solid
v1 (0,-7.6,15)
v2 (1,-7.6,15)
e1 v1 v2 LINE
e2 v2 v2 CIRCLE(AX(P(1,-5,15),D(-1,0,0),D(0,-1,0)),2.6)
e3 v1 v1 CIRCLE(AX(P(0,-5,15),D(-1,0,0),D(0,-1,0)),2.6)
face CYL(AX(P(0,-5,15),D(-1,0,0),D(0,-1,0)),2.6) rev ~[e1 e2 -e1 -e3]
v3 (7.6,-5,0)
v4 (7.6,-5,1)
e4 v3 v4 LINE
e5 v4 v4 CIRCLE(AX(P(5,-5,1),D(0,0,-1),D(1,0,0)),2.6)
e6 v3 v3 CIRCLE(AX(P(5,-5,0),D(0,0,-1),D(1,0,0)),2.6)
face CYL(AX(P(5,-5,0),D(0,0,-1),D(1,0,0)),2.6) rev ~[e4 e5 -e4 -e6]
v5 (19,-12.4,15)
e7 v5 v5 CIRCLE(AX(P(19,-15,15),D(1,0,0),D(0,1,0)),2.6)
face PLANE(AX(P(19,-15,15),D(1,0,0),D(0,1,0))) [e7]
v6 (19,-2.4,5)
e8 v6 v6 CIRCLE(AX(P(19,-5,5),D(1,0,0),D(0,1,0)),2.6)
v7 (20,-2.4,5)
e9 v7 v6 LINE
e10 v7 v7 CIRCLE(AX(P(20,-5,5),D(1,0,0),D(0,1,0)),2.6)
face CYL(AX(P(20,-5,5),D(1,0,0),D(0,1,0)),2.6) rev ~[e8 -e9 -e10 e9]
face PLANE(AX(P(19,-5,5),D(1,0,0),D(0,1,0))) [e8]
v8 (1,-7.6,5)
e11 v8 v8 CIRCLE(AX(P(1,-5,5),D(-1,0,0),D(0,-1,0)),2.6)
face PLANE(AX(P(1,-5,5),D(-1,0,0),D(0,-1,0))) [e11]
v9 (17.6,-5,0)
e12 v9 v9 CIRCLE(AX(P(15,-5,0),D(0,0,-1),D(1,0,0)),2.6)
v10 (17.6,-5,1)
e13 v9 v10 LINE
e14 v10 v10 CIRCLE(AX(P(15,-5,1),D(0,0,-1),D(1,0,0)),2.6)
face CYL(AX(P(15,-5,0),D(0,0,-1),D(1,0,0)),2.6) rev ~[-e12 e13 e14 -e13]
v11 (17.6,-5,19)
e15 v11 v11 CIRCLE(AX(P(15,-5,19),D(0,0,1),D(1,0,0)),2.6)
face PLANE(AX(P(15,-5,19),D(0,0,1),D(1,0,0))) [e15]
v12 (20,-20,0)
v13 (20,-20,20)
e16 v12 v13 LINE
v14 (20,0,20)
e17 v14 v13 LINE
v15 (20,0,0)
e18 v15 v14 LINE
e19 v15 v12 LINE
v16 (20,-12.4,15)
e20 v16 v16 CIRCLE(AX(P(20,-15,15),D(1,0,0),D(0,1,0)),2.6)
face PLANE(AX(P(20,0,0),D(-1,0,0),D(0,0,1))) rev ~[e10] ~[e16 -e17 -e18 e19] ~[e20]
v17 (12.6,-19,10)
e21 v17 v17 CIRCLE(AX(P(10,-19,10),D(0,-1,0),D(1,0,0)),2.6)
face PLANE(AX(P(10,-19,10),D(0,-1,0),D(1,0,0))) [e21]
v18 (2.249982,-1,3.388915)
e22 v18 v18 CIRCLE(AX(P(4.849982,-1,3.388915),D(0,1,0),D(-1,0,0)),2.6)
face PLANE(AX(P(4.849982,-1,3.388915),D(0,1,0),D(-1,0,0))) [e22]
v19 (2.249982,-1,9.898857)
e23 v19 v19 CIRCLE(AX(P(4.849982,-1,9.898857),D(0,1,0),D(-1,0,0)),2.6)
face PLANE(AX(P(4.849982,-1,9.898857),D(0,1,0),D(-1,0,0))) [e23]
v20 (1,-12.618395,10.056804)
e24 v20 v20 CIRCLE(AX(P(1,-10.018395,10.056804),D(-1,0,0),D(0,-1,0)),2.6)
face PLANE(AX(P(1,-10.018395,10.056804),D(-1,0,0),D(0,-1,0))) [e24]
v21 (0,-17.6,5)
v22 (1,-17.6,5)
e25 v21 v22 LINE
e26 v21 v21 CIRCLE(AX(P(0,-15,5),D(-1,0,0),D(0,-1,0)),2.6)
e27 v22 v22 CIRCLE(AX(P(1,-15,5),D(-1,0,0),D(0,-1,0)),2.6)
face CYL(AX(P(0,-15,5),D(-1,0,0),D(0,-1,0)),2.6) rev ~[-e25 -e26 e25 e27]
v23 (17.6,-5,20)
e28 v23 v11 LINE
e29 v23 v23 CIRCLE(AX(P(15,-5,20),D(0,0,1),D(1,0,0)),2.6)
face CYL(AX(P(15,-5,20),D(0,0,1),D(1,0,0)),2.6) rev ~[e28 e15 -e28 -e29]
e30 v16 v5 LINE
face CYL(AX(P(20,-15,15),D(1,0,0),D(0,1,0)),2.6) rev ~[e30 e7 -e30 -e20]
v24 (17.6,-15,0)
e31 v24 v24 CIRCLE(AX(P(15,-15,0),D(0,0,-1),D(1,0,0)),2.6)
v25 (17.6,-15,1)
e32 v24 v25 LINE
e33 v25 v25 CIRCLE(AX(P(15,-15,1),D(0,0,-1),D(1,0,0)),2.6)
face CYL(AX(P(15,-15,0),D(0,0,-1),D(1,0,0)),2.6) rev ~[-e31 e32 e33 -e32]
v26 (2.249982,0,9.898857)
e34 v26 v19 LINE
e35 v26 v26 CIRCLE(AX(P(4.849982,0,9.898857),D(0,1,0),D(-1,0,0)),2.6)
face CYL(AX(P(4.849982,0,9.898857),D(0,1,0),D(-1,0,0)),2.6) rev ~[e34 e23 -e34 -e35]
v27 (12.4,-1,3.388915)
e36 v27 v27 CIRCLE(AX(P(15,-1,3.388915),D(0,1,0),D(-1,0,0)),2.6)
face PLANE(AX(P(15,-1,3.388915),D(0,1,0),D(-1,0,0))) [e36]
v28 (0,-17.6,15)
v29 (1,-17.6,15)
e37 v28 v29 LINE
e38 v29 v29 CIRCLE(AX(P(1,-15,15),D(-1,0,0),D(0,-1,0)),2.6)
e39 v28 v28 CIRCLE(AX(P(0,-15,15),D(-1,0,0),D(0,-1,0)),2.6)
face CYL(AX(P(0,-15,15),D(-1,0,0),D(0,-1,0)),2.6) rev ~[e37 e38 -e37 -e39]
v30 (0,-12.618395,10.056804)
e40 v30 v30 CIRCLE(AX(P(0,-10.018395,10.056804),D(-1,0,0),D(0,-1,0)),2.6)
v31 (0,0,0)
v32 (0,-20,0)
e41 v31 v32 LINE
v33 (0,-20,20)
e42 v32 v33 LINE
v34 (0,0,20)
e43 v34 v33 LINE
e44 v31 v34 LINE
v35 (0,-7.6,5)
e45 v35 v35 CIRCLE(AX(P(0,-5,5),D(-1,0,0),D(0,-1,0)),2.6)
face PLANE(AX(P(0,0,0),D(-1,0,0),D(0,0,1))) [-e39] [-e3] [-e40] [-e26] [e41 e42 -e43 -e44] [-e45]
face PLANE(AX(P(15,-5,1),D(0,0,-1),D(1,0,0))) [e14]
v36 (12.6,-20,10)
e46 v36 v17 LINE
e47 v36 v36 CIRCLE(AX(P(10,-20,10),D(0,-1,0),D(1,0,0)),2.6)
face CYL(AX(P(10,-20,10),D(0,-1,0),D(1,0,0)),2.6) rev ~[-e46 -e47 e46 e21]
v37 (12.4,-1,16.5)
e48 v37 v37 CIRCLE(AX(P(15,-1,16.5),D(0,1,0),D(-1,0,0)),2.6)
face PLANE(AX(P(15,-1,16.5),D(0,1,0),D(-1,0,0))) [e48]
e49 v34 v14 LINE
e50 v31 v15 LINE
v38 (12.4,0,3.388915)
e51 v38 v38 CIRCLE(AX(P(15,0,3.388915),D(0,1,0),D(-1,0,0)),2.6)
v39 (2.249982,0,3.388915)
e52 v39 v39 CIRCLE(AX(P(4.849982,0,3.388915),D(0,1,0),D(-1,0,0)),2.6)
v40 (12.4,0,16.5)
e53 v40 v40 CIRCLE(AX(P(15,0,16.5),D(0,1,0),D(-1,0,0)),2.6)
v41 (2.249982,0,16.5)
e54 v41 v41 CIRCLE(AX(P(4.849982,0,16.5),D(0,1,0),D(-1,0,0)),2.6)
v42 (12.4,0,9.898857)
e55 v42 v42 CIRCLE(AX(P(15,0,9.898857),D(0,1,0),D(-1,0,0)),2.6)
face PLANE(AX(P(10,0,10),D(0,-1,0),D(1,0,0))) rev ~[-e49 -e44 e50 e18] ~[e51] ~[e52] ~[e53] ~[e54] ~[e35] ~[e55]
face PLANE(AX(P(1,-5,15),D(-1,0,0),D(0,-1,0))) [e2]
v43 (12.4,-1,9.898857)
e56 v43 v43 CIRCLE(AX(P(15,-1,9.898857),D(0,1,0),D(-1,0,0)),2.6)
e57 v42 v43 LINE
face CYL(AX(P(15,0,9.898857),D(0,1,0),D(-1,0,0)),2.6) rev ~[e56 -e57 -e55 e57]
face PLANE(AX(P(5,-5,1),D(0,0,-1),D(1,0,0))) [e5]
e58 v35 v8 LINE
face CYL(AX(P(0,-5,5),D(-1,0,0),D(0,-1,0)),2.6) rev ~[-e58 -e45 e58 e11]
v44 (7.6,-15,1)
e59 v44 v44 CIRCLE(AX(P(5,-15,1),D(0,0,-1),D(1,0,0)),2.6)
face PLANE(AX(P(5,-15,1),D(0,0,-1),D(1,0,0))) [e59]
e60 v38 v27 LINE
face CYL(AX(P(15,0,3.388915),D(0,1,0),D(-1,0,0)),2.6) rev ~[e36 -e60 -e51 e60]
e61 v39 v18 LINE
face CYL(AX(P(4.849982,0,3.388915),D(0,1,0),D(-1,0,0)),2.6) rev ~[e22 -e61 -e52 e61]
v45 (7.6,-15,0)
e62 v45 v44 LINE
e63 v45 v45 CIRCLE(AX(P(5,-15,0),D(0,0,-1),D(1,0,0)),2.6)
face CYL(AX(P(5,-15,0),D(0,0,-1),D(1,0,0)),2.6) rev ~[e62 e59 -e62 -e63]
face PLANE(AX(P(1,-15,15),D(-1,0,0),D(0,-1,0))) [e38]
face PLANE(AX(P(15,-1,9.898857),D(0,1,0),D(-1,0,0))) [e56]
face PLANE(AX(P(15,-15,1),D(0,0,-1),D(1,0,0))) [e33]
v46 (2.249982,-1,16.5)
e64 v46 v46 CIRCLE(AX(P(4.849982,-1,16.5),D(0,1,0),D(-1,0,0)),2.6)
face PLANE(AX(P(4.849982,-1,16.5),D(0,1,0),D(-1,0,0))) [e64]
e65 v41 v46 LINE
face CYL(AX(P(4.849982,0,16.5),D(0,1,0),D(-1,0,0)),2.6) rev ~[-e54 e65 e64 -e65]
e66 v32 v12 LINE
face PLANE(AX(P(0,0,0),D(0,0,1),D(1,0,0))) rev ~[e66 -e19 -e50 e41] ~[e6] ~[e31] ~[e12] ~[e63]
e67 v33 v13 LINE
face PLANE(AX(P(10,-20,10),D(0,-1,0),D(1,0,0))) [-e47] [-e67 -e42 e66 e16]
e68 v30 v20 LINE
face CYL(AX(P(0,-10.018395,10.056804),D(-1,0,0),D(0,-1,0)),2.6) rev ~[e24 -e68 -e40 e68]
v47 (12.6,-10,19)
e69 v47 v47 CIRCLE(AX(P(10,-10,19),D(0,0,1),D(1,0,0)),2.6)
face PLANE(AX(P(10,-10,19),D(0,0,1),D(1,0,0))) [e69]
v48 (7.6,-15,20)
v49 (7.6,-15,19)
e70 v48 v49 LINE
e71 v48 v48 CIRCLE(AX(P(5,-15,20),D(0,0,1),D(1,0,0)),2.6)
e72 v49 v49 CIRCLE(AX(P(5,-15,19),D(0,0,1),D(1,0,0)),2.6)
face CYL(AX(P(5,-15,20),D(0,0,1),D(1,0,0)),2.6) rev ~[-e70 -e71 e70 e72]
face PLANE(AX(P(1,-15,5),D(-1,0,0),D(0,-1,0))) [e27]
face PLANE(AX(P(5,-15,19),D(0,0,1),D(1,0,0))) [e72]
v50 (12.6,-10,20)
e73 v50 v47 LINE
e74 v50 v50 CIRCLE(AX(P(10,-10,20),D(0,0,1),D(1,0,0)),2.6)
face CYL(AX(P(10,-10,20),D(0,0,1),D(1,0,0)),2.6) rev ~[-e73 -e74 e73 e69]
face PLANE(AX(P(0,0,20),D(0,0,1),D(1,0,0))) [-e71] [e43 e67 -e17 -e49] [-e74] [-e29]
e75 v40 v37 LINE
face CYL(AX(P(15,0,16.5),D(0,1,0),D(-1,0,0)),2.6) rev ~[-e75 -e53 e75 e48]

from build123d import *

# Parameters (mm, degrees)
F0_W      = 20
F0_H      = 20
F1_DEPTH  = 20
F2_R      = 2.6
F4_DEPTH  = 1
F6_R      = 2.6
F7_DEPTH  = 1
F9_R      = 2.6
F10_DEPTH = 1
F11_R     = 2.6
F12_DEPTH = 1
F13_R     = 2.6
F14_DEPTH = 1
F16_R     = 2.6
F17_DEPTH = 1
F18_R     = 2.6
F19_DEPTH = 1


with BuildPart() as f1:
    # F0 (on Front) → F1 (new body)
    with BuildSketch(Plane.XZ):
        with Locations((10, 10)):
            Rectangle(F0_W, F0_H)
    extrude(amount=F1_DEPTH)

    # F2 (on face) → F4 (cut)
    with BuildSketch(Plane.XZ.offset(20)):
        with Locations((10, 10)):
            Circle(F2_R)
    extrude(amount=-F4_DEPTH, mode=Mode.SUBTRACT)

    # F6 (on face) → F7 (cut)
    with BuildSketch(Plane(origin=(0, 0, 0), x_dir=(-1, 0, 0), z_dir=(0, 1, 0))):
        with Locations((-15, 16.5)):
            Circle(F6_R)
        with Locations((-4.849982, 16.5)):
            Circle(F6_R)
        with Locations((-15, 3.388915)):
            Circle(F6_R)
        with Locations((-4.849982, 3.388915)):
            Circle(F6_R)
        with Locations((-15, 9.898857)):
            Circle(F6_R)
        with Locations((-4.849982, 9.898857)):
            Circle(F6_R)
    extrude(amount=-F7_DEPTH, mode=Mode.SUBTRACT)

    # F9 (on face) → F10 (cut)
    with BuildSketch(Plane(origin=(0, 0, 0), x_dir=(0, -1, 0), z_dir=(-1, 0, 0))):
        with Locations((10.018395, 10.056804)):
            Circle(F9_R)
        with Locations((5, 15)):
            Circle(F9_R)
        with Locations((15, 5)):
            Circle(F9_R)
        with Locations((5, 5)):
            Circle(F9_R)
        with Locations((15, 15)):
            Circle(F9_R)
    extrude(amount=-F10_DEPTH, mode=Mode.SUBTRACT)

    # F11 (on face) → F12 (cut)
    with BuildSketch(Plane.YZ.offset(20)):
        with Locations((-15, 15)):
            Circle(F11_R)
        with Locations((-5, 5)):
            Circle(F11_R)
    extrude(amount=-F12_DEPTH, mode=Mode.SUBTRACT)

    # F13 (on face) → F14 (cut)
    with BuildSketch(Plane.XY.offset(20)):
        with Locations((10, -10)):
            Circle(F13_R)
        with Locations((15, -5)):
            Circle(F13_R)
        with Locations((5, -15)):
            Circle(F13_R)
    extrude(amount=-F14_DEPTH, mode=Mode.SUBTRACT)

    # F16 (on Top) → F17 (cut)
    with BuildSketch(Plane.XY):
        with Locations((5, -15)):
            Circle(F16_R)
        with Locations((5, -5)):
            Circle(F16_R)
        with Locations((15, -15)):
            Circle(F16_R)
        with Locations((15, -5)):
            Circle(F16_R)
    extrude(amount=-F17_DEPTH, mode=Mode.SUBTRACT)

    # F18 (on face) → F19 (cut)
    with BuildSketch(Plane(origin=(0, 0, 0), x_dir=(1, 0, 0), z_dir=(0, 0, -1))):
        with Locations((5, 15)):
            Circle(F18_R)
        with Locations((5, 5)):
            Circle(F18_R)
        with Locations((15, 15)):
            Circle(F18_R)
        with Locations((15, 5)):
            Circle(F18_R)
    extrude(amount=-F19_DEPTH, mode=Mode.SUBTRACT)


solid = f1.part
